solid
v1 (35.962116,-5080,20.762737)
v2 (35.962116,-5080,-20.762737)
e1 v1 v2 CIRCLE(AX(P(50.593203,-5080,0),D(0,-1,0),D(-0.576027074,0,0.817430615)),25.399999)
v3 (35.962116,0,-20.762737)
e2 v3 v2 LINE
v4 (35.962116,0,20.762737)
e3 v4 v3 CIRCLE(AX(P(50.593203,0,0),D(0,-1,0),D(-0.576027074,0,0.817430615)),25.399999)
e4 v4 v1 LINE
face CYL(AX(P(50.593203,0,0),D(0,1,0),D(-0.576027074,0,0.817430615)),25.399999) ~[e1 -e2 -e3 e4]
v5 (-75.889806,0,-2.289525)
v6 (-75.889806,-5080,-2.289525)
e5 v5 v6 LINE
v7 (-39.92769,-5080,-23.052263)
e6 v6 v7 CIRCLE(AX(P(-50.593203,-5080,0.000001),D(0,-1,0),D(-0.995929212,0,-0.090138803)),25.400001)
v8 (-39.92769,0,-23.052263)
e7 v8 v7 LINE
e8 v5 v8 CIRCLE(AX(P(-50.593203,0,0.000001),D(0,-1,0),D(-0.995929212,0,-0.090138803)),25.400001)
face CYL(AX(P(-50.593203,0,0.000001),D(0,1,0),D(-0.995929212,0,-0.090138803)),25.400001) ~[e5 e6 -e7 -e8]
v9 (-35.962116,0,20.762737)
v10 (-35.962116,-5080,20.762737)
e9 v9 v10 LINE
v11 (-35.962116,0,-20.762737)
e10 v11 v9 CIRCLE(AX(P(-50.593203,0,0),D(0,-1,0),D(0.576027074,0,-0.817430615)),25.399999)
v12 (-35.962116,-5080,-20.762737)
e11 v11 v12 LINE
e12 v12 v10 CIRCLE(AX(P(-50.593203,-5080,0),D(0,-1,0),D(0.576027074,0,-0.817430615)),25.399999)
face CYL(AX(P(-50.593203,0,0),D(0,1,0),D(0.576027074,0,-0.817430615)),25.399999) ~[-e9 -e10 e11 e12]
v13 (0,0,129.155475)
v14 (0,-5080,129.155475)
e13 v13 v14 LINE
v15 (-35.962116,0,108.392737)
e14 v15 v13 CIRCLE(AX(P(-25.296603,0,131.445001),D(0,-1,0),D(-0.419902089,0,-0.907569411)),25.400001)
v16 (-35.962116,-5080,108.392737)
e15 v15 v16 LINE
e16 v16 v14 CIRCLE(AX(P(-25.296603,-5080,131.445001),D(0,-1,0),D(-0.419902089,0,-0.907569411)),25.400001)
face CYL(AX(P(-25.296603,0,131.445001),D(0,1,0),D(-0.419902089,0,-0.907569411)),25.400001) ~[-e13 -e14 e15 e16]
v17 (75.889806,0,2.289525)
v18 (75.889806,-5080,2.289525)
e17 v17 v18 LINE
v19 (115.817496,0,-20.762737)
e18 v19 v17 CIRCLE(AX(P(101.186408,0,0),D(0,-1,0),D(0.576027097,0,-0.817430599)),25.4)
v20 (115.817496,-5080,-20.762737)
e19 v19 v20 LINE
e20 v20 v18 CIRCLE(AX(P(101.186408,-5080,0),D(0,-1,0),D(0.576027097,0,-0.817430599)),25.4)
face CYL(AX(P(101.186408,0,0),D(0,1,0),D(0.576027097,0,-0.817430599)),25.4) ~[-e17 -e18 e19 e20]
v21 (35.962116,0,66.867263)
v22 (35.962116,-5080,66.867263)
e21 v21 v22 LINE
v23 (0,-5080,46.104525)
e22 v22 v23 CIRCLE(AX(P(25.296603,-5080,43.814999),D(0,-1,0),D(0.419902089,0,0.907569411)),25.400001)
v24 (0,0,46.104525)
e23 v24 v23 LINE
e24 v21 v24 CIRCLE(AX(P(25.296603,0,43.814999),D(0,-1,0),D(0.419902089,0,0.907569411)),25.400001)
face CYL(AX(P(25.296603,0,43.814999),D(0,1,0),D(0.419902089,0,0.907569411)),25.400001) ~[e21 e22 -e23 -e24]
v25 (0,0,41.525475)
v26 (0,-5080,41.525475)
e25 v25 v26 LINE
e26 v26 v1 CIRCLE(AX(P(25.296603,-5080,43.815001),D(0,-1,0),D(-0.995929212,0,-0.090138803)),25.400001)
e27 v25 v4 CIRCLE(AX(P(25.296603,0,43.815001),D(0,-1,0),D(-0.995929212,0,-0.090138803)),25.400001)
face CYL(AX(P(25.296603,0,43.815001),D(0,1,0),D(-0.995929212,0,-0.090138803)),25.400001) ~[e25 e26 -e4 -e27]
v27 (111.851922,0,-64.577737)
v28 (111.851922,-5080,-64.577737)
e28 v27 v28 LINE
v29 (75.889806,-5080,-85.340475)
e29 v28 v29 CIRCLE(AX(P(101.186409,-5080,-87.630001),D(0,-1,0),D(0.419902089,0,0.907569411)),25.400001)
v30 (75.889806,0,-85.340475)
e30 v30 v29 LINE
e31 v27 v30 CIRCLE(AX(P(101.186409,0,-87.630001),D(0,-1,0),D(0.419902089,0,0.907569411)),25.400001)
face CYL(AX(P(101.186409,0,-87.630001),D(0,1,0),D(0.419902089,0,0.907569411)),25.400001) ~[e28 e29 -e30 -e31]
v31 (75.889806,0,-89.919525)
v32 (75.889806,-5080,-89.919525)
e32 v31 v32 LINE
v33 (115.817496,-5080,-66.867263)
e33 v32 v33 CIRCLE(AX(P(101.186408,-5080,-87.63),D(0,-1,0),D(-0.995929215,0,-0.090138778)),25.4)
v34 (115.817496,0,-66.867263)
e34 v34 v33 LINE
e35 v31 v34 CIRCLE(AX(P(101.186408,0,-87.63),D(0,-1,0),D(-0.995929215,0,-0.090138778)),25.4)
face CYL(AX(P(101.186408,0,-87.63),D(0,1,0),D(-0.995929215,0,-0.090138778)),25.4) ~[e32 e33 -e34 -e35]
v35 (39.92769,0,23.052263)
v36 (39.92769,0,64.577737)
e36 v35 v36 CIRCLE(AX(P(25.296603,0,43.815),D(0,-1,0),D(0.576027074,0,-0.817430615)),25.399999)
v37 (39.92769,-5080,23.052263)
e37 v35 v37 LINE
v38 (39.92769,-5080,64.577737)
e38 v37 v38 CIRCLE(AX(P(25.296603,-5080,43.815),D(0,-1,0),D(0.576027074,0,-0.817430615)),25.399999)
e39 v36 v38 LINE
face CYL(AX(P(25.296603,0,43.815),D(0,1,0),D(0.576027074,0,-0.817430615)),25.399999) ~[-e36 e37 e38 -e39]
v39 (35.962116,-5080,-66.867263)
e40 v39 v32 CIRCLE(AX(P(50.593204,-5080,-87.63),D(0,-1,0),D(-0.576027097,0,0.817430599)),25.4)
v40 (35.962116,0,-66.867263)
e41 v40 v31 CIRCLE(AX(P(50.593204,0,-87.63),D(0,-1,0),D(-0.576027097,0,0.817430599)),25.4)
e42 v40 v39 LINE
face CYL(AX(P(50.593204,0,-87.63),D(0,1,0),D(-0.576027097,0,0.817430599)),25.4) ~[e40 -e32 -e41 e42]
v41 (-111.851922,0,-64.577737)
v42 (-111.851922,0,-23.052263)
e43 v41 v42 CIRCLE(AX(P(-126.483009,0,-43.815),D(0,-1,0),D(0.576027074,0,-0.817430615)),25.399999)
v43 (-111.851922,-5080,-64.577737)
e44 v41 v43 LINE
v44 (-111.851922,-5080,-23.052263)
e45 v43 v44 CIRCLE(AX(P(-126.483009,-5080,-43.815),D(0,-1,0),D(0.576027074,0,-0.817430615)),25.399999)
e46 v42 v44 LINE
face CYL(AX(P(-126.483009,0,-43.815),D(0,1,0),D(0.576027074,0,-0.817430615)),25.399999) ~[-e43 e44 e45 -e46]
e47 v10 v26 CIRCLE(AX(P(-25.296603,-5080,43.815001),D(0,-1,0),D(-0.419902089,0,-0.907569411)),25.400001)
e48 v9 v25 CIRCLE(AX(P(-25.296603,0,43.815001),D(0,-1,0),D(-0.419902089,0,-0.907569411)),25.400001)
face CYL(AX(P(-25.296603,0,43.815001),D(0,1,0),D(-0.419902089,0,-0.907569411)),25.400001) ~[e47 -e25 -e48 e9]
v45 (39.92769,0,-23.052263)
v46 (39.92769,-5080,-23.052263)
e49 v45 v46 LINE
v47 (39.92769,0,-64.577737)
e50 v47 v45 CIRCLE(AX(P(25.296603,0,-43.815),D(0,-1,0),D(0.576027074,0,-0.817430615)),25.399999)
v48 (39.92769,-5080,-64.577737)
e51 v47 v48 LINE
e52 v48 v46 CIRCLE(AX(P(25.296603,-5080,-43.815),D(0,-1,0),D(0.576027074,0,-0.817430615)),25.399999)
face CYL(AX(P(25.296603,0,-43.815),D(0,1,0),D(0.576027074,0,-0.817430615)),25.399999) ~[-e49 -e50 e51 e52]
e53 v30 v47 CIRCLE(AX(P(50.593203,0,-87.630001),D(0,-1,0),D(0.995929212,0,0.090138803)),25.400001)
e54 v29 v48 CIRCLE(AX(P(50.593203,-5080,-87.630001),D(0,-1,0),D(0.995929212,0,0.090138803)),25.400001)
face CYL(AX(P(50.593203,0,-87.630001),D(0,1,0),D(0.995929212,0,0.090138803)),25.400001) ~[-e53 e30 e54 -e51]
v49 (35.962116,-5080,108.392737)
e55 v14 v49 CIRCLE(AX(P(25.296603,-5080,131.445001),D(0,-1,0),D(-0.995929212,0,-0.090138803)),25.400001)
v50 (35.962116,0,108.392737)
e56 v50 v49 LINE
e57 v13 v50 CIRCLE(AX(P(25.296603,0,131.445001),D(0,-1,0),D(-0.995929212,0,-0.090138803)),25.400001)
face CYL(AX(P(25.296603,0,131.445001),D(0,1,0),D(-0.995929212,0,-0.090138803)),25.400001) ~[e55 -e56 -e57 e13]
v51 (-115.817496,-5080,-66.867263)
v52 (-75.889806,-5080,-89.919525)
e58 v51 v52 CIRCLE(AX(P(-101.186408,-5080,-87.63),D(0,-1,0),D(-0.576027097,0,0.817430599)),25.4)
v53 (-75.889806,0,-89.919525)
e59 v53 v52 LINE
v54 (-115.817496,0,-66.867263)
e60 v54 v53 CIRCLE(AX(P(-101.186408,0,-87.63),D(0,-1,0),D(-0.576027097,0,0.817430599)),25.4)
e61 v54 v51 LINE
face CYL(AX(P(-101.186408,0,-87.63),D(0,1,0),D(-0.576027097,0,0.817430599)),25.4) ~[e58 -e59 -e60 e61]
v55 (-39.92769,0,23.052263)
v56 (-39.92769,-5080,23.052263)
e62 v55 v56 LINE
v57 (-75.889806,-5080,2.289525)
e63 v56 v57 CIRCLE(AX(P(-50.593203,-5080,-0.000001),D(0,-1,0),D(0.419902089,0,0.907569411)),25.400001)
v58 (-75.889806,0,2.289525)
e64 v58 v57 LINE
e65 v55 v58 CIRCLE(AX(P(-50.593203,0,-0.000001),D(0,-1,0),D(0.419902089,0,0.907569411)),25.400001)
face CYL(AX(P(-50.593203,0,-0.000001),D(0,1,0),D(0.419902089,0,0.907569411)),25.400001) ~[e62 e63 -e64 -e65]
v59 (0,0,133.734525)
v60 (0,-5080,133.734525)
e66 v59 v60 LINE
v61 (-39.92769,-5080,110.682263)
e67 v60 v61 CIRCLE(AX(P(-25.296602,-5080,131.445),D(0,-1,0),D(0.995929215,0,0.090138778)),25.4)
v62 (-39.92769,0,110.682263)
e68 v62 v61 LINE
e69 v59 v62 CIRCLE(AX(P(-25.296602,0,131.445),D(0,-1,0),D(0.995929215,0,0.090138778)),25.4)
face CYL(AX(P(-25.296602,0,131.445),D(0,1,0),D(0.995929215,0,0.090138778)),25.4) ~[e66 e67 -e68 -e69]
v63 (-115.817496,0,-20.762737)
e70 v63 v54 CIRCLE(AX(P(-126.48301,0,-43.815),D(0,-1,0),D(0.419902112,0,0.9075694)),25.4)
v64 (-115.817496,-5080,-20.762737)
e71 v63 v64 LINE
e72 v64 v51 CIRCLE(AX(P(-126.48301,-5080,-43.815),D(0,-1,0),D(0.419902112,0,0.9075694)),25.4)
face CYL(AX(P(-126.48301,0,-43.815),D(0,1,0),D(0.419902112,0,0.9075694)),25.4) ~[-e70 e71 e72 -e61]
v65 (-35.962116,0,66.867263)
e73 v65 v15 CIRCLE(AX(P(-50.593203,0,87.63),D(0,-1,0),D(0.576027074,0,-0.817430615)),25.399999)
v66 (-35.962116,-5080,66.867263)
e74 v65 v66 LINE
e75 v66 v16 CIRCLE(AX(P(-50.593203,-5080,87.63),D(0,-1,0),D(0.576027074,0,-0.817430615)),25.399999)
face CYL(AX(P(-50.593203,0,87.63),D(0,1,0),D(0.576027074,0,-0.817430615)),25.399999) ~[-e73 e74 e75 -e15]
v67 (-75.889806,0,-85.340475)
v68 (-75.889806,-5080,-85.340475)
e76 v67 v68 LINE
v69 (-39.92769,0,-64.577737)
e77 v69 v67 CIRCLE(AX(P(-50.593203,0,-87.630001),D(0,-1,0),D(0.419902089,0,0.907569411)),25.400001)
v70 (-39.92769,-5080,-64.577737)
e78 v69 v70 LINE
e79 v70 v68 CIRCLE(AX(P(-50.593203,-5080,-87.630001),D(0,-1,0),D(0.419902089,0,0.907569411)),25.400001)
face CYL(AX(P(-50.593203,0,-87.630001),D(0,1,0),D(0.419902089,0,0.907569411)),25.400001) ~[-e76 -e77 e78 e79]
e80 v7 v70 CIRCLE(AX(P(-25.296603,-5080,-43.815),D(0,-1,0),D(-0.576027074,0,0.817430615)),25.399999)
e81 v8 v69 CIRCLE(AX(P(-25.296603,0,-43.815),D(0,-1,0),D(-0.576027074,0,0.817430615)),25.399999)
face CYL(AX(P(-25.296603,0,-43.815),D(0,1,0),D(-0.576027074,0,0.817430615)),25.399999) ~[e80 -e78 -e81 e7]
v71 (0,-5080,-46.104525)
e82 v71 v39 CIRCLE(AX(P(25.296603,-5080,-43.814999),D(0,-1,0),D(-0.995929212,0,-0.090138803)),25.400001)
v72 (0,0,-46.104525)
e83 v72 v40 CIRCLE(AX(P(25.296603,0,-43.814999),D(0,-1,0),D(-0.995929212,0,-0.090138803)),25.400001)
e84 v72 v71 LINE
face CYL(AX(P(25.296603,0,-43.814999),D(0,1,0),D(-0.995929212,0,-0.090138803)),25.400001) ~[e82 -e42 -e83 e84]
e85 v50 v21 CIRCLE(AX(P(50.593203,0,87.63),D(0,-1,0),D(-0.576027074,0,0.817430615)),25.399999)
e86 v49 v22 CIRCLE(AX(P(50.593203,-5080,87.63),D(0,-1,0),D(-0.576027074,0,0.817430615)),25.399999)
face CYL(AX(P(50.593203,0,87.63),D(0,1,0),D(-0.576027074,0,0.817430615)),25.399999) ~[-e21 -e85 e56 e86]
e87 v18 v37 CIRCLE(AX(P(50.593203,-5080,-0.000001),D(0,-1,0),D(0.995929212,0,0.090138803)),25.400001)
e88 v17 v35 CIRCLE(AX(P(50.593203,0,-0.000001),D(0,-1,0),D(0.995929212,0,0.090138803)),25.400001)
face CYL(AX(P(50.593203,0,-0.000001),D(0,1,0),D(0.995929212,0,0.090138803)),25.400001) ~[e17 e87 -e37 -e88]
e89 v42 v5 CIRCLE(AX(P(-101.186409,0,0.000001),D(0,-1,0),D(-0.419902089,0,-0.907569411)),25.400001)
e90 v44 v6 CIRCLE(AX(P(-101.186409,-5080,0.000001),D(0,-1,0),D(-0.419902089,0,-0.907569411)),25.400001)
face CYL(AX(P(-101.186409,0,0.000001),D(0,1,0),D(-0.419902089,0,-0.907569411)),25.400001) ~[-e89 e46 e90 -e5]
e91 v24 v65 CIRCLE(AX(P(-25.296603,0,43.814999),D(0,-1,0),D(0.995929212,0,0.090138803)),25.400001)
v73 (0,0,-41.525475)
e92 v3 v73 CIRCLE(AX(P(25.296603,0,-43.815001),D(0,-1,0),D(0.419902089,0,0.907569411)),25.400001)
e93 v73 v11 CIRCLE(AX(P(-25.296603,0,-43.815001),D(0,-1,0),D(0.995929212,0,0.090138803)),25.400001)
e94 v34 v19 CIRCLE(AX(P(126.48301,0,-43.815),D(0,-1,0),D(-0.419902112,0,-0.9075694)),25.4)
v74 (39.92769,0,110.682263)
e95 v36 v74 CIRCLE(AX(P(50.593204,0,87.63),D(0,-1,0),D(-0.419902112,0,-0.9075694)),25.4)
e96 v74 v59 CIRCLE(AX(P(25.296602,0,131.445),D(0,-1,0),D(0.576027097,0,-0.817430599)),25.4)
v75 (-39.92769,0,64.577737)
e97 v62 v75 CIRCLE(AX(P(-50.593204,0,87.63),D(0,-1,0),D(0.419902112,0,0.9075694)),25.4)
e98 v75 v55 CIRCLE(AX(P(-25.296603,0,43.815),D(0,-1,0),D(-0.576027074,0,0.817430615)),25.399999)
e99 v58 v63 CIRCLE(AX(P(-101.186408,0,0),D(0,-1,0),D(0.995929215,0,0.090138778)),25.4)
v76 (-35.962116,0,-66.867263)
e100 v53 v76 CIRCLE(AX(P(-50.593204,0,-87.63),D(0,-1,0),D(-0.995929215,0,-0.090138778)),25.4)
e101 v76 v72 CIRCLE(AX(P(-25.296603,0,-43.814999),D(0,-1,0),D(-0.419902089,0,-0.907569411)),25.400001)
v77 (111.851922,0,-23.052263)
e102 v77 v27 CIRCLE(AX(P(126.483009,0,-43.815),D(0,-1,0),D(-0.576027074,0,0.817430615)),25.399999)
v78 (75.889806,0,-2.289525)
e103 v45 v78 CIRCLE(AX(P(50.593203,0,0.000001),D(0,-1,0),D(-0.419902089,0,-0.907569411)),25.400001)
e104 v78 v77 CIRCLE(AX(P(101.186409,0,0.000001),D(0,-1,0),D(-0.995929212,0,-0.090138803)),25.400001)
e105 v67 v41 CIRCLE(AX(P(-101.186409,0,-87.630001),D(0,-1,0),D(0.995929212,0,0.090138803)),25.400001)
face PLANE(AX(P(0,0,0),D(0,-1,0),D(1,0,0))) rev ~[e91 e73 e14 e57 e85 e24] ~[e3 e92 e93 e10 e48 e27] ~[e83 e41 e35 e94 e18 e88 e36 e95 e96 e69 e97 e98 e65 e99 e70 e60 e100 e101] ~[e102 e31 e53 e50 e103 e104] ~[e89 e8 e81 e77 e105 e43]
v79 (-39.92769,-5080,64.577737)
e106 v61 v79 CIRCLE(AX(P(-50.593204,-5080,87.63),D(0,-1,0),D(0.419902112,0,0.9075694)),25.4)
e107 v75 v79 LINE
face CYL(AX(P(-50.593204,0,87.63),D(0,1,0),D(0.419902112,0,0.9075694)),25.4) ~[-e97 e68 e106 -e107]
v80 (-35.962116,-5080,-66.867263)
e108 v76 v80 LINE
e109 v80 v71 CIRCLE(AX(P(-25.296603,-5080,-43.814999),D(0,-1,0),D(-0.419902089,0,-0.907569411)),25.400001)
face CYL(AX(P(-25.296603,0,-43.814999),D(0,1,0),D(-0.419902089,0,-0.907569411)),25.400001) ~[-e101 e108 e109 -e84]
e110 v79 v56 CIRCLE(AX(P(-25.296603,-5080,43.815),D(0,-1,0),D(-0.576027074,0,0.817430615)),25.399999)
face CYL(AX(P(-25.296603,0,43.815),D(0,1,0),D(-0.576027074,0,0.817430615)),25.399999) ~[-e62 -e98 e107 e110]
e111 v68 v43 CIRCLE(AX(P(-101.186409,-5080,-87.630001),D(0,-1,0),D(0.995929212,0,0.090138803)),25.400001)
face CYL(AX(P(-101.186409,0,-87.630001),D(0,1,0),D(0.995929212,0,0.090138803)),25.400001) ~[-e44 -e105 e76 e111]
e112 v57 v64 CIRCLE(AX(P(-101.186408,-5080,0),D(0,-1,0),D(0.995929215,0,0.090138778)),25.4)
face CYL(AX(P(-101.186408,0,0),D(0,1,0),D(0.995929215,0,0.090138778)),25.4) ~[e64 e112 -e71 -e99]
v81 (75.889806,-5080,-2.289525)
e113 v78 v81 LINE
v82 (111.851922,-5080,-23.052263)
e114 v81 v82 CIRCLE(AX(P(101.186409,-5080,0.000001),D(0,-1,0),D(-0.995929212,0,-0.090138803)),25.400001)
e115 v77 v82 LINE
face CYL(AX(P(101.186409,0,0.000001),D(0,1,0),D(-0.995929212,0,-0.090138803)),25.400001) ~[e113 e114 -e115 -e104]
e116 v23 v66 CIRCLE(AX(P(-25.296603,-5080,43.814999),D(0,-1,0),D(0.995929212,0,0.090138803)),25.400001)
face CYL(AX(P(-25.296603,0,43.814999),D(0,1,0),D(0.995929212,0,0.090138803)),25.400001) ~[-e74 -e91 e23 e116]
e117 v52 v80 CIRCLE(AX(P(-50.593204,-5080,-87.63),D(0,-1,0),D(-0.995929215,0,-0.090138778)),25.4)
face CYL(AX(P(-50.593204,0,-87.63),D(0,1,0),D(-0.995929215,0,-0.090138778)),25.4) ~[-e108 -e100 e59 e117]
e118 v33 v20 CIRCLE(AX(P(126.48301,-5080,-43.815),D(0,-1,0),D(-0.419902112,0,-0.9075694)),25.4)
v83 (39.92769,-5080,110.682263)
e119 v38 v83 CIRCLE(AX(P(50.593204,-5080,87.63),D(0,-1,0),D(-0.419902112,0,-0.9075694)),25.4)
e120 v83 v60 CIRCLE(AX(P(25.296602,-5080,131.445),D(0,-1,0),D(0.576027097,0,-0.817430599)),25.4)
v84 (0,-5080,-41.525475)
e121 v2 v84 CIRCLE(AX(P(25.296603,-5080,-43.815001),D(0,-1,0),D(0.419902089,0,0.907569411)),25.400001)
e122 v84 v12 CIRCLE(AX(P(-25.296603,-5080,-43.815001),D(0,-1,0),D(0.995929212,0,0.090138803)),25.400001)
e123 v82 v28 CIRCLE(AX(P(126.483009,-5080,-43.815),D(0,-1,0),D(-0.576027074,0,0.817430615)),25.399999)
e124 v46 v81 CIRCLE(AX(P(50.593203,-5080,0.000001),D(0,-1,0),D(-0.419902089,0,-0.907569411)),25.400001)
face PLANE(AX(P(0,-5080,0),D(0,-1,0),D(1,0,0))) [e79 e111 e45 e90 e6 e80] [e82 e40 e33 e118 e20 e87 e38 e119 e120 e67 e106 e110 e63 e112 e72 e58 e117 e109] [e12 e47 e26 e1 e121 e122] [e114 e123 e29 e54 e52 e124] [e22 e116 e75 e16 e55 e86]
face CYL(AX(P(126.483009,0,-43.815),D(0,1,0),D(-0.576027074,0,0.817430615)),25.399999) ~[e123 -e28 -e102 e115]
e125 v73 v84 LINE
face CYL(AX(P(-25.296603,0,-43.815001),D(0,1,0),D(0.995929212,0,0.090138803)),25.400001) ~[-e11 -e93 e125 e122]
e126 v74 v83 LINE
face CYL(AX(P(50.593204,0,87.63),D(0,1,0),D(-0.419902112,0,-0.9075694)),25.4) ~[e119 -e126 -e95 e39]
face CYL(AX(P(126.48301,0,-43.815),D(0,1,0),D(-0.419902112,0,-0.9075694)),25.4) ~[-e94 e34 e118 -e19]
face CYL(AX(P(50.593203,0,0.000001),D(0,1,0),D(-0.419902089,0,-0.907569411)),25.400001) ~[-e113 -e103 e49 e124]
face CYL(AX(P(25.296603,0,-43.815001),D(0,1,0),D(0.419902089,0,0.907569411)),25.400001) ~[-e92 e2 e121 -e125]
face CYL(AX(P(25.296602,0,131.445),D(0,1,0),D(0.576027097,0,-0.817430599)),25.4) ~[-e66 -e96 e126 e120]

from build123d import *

# Parameters (mm, degrees)
F1_DEPTH = 5080


with BuildPart() as f1:
    # F0 (on Front) → F1 (new body)
    with BuildSketch(Plane.XZ):
        with BuildLine():
            ThreePointArc((39.92769, 110.682263), (37.996602, 153.442045), (0, 133.734525))
            ThreePointArc((0, 133.734525), (-37.996602, 153.442045), (-39.92769, 110.682263))
            ThreePointArc((-39.92769, 110.682263), (-75.993204, 87.63), (-39.92769, 64.577737))
            ThreePointArc((-39.92769, 64.577737), (-50.696602, 43.815), (-39.92769, 23.052263))
            ThreePointArc((-39.92769, 23.052263), (-63.293204, 21.997045), (-75.889806, 2.289525))
            ThreePointArc((-75.889806, 2.289525), (-113.886408, 21.997045), (-115.817496, -20.762737))
            ThreePointArc((-115.817496, -20.762737), (-151.88301, -43.815), (-115.817496, -66.867263))
            ThreePointArc((-115.817496, -66.867263), (-113.886408, -109.627045), (-75.889806, -89.919525))
            ThreePointArc((-75.889806, -89.919525), (-37.893204, -109.627045), (-35.962116, -66.867263))
            ThreePointArc((-35.962116, -66.867263), (-12.596602, -65.812045), (0, -46.104525))
            ThreePointArc((0, -46.104525), (12.596602, -65.812045), (35.962116, -66.867263))
            ThreePointArc((35.962116, -66.867263), (37.893204, -109.627045), (75.889806, -89.919525))
            ThreePointArc((75.889806, -89.919525), (113.886408, -109.627045), (115.817496, -66.867263))
            ThreePointArc((115.817496, -66.867263), (151.88301, -43.815), (115.817496, -20.762737))
            ThreePointArc((115.817496, -20.762737), (113.886408, 21.997045), (75.889806, 2.289525))
            ThreePointArc((75.889806, 2.289525), (63.293204, 21.997045), (39.92769, 23.052263))
            ThreePointArc((39.92769, 23.052263), (50.696602, 43.815), (39.92769, 64.577737))
            ThreePointArc((39.92769, 64.577737), (75.993204, 87.63), (39.92769, 110.682263))
        make_face()
        with BuildLine():
            ThreePointArc((-111.851922, -64.577737), (-101.08301, -43.815), (-111.851922, -23.052263))
            ThreePointArc((-111.851922, -23.052263), (-88.486408, -21.997045), (-75.889806, -2.289525))
            ThreePointArc((-75.889806, -2.289525), (-63.293204, -21.997045), (-39.92769, -23.052263))
            ThreePointArc((-39.92769, -23.052263), (-50.696602, -43.815), (-39.92769, -64.577737))
            ThreePointArc((-39.92769, -64.577737), (-63.293204, -65.632955), (-75.889806, -85.340475))
            ThreePointArc((-75.889806, -85.340475), (-88.486408, -65.632955), (-111.851922, -64.577737))
        make_face(mode=Mode.SUBTRACT)
        with BuildLine():
            ThreePointArc((75.889806, -85.340475), (63.293204, -65.632955), (39.92769, -64.577737))
            ThreePointArc((39.92769, -64.577737), (50.696602, -43.815), (39.92769, -23.052263))
            ThreePointArc((39.92769, -23.052263), (63.293204, -21.997045), (75.889806, -2.289525))
            ThreePointArc((75.889806, -2.289525), (88.486408, -21.997045), (111.851922, -23.052263))
            ThreePointArc((111.851922, -23.052263), (101.08301, -43.815), (111.851922, -64.577737))
            ThreePointArc((111.851922, -64.577737), (88.486408, -65.632955), (75.889806, -85.340475))
        make_face(mode=Mode.SUBTRACT)
        with BuildLine():
            ThreePointArc((-35.962116, 20.762737), (-12.596602, 21.817955), (0, 41.525475))
            ThreePointArc((0, 41.525475), (12.596602, 21.817955), (35.962116, 20.762737))
            ThreePointArc((35.962116, 20.762737), (25.193204, 0), (35.962116, -20.762737))
            ThreePointArc((35.962116, -20.762737), (12.596602, -21.817955), (0, -41.525475))
            ThreePointArc((0, -41.525475), (-12.596602, -21.817955), (-35.962116, -20.762737))
            ThreePointArc((-35.962116, -20.762737), (-25.193204, 0), (-35.962116, 20.762737))
        make_face(mode=Mode.SUBTRACT)
        with BuildLine():
            ThreePointArc((-35.962116, 108.392737), (-12.596602, 109.447955), (0, 129.155475))
            ThreePointArc((0, 129.155475), (12.596602, 109.447955), (35.962116, 108.392737))
            ThreePointArc((35.962116, 108.392737), (25.193204, 87.63), (35.962116, 66.867263))
            ThreePointArc((35.962116, 66.867263), (12.596602, 65.812045), (0, 46.104525))
            ThreePointArc((0, 46.104525), (-12.596602, 65.812045), (-35.962116, 66.867263))
            ThreePointArc((-35.962116, 66.867263), (-25.193204, 87.63), (-35.962116, 108.392737))
        make_face(mode=Mode.SUBTRACT)
    extrude(amount=F1_DEPTH)


solid = f1.part
